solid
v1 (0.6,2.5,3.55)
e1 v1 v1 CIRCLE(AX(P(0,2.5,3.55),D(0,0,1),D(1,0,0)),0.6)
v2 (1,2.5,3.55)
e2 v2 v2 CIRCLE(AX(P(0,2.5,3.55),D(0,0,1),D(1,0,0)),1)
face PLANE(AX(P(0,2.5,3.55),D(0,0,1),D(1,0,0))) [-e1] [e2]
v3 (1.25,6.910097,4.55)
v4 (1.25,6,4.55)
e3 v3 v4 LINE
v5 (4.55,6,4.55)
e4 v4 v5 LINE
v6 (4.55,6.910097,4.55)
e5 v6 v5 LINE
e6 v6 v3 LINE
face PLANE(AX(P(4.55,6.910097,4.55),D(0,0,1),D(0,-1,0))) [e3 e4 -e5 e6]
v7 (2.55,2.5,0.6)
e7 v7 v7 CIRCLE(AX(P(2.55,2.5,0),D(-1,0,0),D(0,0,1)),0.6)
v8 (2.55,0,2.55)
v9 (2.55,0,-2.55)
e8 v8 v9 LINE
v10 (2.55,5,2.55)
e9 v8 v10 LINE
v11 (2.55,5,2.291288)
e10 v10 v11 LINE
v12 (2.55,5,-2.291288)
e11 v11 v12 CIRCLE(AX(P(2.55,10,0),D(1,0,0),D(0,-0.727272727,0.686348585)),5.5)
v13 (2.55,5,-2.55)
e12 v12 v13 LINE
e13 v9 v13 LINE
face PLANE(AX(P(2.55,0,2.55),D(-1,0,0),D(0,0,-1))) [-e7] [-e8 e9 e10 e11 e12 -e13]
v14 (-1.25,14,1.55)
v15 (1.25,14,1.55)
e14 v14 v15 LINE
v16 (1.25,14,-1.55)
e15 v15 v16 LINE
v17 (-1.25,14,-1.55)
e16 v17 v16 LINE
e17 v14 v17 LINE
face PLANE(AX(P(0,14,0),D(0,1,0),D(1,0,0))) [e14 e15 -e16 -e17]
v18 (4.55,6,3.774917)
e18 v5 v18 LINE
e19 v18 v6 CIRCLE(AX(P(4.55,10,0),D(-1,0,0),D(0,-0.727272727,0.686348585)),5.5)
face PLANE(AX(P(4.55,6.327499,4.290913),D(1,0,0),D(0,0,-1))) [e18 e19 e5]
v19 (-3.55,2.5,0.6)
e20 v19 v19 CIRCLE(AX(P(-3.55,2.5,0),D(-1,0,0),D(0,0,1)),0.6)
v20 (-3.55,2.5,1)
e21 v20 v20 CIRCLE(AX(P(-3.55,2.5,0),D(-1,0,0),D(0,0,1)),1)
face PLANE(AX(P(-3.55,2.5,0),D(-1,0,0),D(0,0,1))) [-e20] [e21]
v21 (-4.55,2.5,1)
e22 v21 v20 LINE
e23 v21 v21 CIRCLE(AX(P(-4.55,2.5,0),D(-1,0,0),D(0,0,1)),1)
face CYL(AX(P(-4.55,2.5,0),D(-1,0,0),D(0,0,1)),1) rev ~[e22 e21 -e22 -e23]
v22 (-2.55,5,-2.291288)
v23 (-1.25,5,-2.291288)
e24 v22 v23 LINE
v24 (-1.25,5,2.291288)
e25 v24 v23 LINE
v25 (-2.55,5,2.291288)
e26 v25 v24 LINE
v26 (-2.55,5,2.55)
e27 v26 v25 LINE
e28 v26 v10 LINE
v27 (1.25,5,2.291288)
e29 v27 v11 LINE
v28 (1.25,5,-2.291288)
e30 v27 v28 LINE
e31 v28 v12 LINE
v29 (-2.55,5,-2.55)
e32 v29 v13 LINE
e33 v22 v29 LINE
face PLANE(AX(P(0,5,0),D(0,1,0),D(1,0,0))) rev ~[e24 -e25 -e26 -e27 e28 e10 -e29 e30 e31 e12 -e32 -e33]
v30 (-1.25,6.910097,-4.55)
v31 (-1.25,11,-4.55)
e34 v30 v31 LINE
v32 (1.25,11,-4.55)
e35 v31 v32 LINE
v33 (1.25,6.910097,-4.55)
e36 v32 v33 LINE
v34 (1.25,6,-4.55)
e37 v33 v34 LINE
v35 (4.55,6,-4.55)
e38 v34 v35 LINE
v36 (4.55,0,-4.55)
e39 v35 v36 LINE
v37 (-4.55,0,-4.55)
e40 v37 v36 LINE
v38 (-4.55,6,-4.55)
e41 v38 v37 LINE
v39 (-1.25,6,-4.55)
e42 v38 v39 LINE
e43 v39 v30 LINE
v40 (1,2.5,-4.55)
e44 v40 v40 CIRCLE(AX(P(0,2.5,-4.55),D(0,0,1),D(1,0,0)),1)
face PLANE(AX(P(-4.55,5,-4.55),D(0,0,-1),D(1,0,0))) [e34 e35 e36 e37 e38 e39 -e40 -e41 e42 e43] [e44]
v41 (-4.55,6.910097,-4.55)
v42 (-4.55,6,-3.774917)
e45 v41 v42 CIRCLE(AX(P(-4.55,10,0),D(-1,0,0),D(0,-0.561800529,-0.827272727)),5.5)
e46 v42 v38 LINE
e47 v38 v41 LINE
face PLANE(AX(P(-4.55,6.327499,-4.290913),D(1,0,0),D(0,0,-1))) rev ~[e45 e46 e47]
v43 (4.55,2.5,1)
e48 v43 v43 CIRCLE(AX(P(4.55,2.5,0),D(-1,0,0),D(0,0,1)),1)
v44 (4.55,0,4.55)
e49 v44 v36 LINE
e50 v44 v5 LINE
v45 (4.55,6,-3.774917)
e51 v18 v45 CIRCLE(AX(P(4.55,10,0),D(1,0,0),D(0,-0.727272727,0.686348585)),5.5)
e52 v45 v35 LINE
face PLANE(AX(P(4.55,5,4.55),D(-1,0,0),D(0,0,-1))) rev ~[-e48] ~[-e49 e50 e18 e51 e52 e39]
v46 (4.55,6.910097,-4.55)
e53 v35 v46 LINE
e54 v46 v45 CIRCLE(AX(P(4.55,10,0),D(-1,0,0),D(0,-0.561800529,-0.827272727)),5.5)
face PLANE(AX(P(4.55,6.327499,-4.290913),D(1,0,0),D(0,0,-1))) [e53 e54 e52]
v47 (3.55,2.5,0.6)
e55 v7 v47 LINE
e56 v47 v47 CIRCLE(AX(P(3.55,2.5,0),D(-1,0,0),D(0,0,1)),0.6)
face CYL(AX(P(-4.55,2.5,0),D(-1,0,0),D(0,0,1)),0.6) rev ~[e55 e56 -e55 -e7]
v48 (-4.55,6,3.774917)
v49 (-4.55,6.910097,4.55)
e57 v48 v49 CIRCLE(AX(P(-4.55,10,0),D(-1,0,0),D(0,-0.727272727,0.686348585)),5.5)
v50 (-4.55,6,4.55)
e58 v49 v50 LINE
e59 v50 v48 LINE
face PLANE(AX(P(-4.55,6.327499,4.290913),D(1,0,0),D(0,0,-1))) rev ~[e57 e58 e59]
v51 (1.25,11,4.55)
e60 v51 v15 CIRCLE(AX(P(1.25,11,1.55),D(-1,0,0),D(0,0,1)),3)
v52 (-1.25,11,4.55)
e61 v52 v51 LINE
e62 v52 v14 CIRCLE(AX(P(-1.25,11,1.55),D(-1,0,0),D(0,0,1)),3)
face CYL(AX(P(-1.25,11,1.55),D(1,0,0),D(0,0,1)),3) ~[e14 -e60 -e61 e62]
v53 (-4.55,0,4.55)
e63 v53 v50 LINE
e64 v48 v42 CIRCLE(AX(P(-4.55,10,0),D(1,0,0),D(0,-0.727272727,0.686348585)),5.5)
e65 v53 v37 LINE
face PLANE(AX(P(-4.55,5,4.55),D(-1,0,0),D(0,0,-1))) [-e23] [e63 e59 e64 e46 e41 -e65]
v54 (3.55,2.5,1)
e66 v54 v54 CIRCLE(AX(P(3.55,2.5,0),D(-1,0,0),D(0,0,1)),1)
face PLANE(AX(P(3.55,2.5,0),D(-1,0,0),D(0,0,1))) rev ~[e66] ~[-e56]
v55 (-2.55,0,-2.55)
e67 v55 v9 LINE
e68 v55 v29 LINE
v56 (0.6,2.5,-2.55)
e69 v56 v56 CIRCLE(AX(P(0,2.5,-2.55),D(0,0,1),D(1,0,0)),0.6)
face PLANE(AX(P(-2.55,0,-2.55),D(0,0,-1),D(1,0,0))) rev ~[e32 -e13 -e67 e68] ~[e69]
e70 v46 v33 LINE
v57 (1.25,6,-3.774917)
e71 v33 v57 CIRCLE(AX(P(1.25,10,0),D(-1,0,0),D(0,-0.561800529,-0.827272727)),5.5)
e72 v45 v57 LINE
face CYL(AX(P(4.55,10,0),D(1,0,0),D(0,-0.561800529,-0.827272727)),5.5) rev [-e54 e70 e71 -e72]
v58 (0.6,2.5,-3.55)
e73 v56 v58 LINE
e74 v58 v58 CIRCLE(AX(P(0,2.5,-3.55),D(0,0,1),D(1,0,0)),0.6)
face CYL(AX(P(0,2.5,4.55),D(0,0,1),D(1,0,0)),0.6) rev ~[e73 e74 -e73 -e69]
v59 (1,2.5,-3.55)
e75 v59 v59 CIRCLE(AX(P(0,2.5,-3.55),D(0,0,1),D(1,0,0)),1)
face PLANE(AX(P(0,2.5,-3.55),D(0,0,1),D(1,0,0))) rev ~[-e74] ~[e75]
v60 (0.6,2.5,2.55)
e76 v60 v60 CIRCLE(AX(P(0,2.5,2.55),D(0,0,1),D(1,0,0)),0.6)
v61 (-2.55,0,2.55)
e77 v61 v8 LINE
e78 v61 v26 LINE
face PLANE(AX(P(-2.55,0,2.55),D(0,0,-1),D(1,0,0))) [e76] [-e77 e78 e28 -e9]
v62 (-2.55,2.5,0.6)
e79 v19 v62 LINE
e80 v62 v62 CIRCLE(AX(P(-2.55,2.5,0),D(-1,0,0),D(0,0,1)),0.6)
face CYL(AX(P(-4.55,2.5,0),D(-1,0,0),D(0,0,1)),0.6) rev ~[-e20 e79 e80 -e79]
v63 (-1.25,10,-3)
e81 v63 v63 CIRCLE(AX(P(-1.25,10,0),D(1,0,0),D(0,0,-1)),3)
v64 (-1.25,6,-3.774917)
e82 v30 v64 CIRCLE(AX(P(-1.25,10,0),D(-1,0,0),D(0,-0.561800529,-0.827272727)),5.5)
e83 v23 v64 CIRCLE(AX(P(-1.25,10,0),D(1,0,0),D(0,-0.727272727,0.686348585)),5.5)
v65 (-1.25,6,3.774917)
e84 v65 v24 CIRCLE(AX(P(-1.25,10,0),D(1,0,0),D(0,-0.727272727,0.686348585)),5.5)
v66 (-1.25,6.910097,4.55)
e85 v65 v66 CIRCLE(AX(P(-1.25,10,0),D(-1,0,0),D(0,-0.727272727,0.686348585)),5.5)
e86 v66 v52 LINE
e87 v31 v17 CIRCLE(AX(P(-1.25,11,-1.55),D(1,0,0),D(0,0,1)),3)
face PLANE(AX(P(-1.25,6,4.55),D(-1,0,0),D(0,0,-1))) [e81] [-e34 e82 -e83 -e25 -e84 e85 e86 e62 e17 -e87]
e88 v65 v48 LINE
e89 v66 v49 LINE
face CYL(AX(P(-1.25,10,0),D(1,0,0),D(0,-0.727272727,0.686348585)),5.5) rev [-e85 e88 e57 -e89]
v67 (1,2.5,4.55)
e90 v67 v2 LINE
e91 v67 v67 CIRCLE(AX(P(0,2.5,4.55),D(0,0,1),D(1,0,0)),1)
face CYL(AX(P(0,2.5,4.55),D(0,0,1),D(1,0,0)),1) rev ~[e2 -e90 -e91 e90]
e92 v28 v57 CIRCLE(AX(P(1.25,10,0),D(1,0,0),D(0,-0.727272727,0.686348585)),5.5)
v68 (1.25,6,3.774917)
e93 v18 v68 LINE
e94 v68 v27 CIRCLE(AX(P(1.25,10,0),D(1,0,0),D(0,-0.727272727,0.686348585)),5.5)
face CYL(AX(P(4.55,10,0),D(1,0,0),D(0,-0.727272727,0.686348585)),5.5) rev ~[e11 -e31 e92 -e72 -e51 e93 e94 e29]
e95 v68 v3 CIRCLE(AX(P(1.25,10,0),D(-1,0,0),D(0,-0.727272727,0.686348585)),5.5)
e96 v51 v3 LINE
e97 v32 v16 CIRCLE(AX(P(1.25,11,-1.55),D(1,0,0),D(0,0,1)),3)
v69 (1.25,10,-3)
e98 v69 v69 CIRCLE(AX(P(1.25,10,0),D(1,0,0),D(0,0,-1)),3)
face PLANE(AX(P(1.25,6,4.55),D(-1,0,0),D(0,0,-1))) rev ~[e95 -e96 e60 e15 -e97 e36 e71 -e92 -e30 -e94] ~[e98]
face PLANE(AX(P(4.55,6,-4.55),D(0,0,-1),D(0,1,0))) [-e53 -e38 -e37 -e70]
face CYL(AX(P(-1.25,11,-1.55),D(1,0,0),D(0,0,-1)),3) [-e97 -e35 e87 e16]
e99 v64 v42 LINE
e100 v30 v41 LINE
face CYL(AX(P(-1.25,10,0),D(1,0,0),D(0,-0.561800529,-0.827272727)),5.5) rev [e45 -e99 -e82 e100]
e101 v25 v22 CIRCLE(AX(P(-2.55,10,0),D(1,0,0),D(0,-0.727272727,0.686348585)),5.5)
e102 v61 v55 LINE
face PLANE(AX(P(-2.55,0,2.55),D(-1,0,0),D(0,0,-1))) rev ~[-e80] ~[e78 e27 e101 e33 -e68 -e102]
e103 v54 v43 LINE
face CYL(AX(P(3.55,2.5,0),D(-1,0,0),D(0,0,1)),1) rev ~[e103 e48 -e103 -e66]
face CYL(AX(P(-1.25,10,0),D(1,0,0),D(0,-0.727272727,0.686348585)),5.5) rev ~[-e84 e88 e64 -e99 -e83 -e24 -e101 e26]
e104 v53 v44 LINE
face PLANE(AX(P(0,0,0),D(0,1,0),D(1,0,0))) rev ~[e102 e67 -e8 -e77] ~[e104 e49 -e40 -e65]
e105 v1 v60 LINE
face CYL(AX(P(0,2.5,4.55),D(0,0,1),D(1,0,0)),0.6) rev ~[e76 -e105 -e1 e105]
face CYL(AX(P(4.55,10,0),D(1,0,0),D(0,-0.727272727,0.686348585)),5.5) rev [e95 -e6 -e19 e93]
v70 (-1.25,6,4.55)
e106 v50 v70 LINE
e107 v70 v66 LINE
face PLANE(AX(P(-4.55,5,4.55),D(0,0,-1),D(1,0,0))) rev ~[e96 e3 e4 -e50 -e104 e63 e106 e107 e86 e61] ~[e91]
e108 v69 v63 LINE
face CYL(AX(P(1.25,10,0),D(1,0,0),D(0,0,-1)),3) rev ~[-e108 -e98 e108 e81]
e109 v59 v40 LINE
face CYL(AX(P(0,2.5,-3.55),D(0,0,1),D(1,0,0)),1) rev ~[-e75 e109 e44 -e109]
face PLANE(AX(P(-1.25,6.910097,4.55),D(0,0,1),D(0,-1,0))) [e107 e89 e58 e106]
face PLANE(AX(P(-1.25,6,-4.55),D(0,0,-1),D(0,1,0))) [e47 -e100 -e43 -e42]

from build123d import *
from build123d.topology import SkipClean

# Parameters (mm, degrees)
SKETCH_1_W           = 9.1
SKETCH_1_H           = 9.1
SKETCH_1_W_2         = 5.1
SKETCH_1_H_2         = 5.1
EXTRUDE_1_DEPTH      = 5
SKETCH_2_R           = 0.6
CUT_EXTRUDE_1_DEPTH  = 12.336335387
SKETCH_2_3_R         = 1
CUT_EXTRUDE_2_DEPTH  = 1
CUT_EXTRUDE_START    = -8.1
SKETCH_2_4_R         = 1
CUT_EXTRUDE_3_DEPTH  = 1
SKETCH_3_R           = 0.6
CUT_EXTRUDE_4_DEPTH  = 12.336335387
SKETCH_3_3_R         = 1
CUT_EXTRUDE_5_DEPTH  = 1
SKETCH_3_4_R         = 1
CUT_EXTRUDE_6_DEPTH  = 1
SKETCH_5_W           = 9.1
SKETCH_5_H           = 9.1
EXTRUDE_2_DEPTH      = 1
EXTRUDE_START        = 1
SKETCH_5_4_W         = 2.5
SKETCH_5_4_H         = 9.1
EXTRUDE_3_DEPTH      = 8
SKETCH_6_R           = 3
CUT_EXTRUDE_7_DEPTH  = 16.822215395
FILLET_1_R           = 3
CUT_EXTRUDE_11_REACH = 19.306
CUT_EXTRUDE_START_2  = -5.8
CUT_EXTRUDE_12_DEPTH = 3.3
EXTRUDE_4_DEPTH      = 3.3
EXTRUDE_START_2      = -5.8
EXTRUDE_5_DEPTH      = 3.3


with BuildPart() as part:
    # 草图1 → 凸台-拉伸1 (new body)
    with BuildSketch(Plane(origin=(0, 0, 0), x_dir=(1, 0, 0), z_dir=(0, 1, 0))):
        Rectangle(SKETCH_1_W, SKETCH_1_H)
        Rectangle(SKETCH_1_W_2, SKETCH_1_H_2, mode=Mode.SUBTRACT)
    extrude(amount=EXTRUDE_1_DEPTH)

    # 草图2 → 切除-拉伸1 (cut, through all)
    with BuildSketch(Plane.XY.offset(4.55)):
        with Locations((0, 2.5)):
            Circle(SKETCH_2_R)
    extrude(amount=-CUT_EXTRUDE_1_DEPTH, mode=Mode.SUBTRACT)

    # 草图2<3> → 切除-拉伸2 (cut)
    with BuildSketch(Plane.XY.offset(4.55)):
        with Locations((0, 2.5)):
            Circle(SKETCH_2_3_R)
    extrude(amount=-CUT_EXTRUDE_2_DEPTH, mode=Mode.SUBTRACT)

    # 草图2<4> → 切除-拉伸3 (cut)
    with BuildSketch(Plane.XY.offset(4.55).offset(CUT_EXTRUDE_START)):
        with Locations((0, 2.5)):
            Circle(SKETCH_2_4_R)
    extrude(amount=-CUT_EXTRUDE_3_DEPTH, mode=Mode.SUBTRACT)

    # 草图3 → 切除-拉伸4 (cut, through all)
    with BuildSketch(Plane.ZY.offset(4.55)):
        with Locations((0, 2.5)):
            Circle(SKETCH_3_R)
    extrude(amount=-CUT_EXTRUDE_4_DEPTH, mode=Mode.SUBTRACT)

    # 草图3<3> → 切除-拉伸5 (cut)
    with BuildSketch(Plane.ZY.offset(4.55)):
        with Locations((0, 2.5)):
            Circle(SKETCH_3_3_R)
    extrude(amount=-CUT_EXTRUDE_5_DEPTH, mode=Mode.SUBTRACT)

    # 草图3<4> → 切除-拉伸6 (cut)
    with BuildSketch(Plane.ZY.offset(4.55).offset(CUT_EXTRUDE_START)):
        with Locations((0, 2.5)):
            Circle(SKETCH_3_4_R)
    extrude(amount=-CUT_EXTRUDE_6_DEPTH, mode=Mode.SUBTRACT)

    # 草图5 → 凸台-拉伸2 (add)
    with BuildSketch(Plane(origin=(0, 5, 0), x_dir=(1, 0, 0), z_dir=(0, 1, 0))):
        Rectangle(SKETCH_5_W, SKETCH_5_H)
    extrude(amount=EXTRUDE_2_DEPTH)

    # 草图5<4> → 凸台-拉伸3 (add)
    with BuildSketch(Plane(origin=(0, 5, 0), x_dir=(1, 0, 0), z_dir=(0, 1, 0)).offset(EXTRUDE_START)):
        Rectangle(SKETCH_5_4_W, SKETCH_5_4_H)
    extrude(amount=EXTRUDE_3_DEPTH)

    # 草图6 → 切除-拉伸7 (cut, through all)
    with BuildSketch(Plane(origin=(1.25, 0, 0), x_dir=(0, 0, -1), z_dir=(1, 0, 0))):
        with Locations((0, 10)):
            Circle(SKETCH_6_R)
    extrude(amount=-CUT_EXTRUDE_7_DEPTH, mode=Mode.SUBTRACT)

    # 圆角1
    fillet_1_edges = [part.edges().sort_by_distance(p)[0] for p in [
        (0, 14, 4.55),
        (0, 14, -4.55),
    ]]
    fillet(fillet_1_edges, radius=FILLET_1_R)

    # 切除-拉伸11: up to this face of the body (flat: up to its plane)
    cut_extrude_11_end = Plane(part.part.faces().sort_by_distance((1.25, 8.5, 4.428834823))[0])
    # 草图7 → 切除-拉伸11 (cut, up to the picked face)
    with BuildSketch(Plane(origin=(4.55, 0, 0), x_dir=(0, 0, -1), z_dir=(1, 0, 0)), mode=Mode.PRIVATE) as cut_extrude_11_sk1:
        with BuildLine():
            ThreePointArc((5.5, 10), (-1.616322988, 15.257138005), (-4.55, 6.910097089))
            ThreePointArc((-4.55, 6.910097089), (-4.187258154, 6.43392805), (-3.774917218, 6))
            Line((-3.774917218, 6), (3.774917218, 6))
            ThreePointArc((3.774917218, 6), (4.187258154, 6.43392805), (4.55, 6.910097089))
            ThreePointArc((4.55, 6.910097089), (5.257138005, 8.383677012), (5.5, 10))
        make_face()
    cut_extrude_11_tool1 = split(extrude(cut_extrude_11_sk1.sketch, amount=-CUT_EXTRUDE_11_REACH, mode=Mode.PRIVATE), bisect_by=cut_extrude_11_end, keep=Keep.BOTH, mode=Mode.PRIVATE)
    # 草图7 → 切除-拉伸11 (cut, up to the picked face)
    with BuildSketch(Plane(origin=(4.55, 0, 0), x_dir=(0, 0, -1), z_dir=(1, 0, 0)), mode=Mode.PRIVATE) as cut_extrude_11_sk2:
        with BuildLine():
            Line((3.774917218, 6), (-3.774917218, 6))
            ThreePointArc((-3.774917218, 6), (0, 4.5), (3.774917218, 6))
        make_face()
    cut_extrude_11_tool2 = split(extrude(cut_extrude_11_sk2.sketch, amount=-CUT_EXTRUDE_11_REACH, mode=Mode.PRIVATE), bisect_by=cut_extrude_11_end, keep=Keep.BOTH, mode=Mode.PRIVATE)
    add(cut_extrude_11_tool1.solids().sort_by(Axis((4.55, 10.411022, 0), (-1, 0, 0)))[0], mode=Mode.SUBTRACT)
    add(cut_extrude_11_tool2.solids().sort_by(Axis((4.55, 5.392383, 0), (-1, 0, 0)))[0], mode=Mode.SUBTRACT)

    # 草图7<2> → 切除-拉伸12 (cut)
    with BuildSketch(Plane(origin=(4.55, 0, 0), x_dir=(0, 0, -1), z_dir=(1, 0, 0)).offset(CUT_EXTRUDE_START_2)):
        with BuildLine():
            ThreePointArc((5.5, 10), (-1.616322988, 15.257138005), (-4.55, 6.910097089))
            ThreePointArc((-4.55, 6.910097089), (-4.187258154, 6.43392805), (-3.774917218, 6))
            Line((-3.774917218, 6), (3.774917218, 6))
            ThreePointArc((3.774917218, 6), (4.187258154, 6.43392805), (4.55, 6.910097089))
            ThreePointArc((4.55, 6.910097089), (5.257138005, 8.383677012), (5.5, 10))
        make_face()
        with BuildLine():
            Line((3.774917218, 6), (-3.774917218, 6))
            ThreePointArc((-3.774917218, 6), (0, 4.5), (3.774917218, 6))
        make_face()
    extrude(amount=-CUT_EXTRUDE_12_DEPTH, mode=Mode.SUBTRACT)

    # 草图7<5> → 凸台-拉伸4 (add)
    with SkipClean():  # the faces are left unmerged after this step: merging them gives an invalid solid
        with BuildSketch(Plane(origin=(4.55, 0, 0), x_dir=(0, 0, -1), z_dir=(1, 0, 0))):
            with BuildLine():
                ThreePointArc((-3.774917218, 6), (-4.187258154, 6.43392805), (-4.55, 6.910097089))
                Line((-4.55, 6.910097089), (-4.55, 6))
                Line((-4.55, 6), (-3.774917218, 6))
            make_face()
            with BuildLine():
                Line((4.55, 6), (4.55, 6.910097089))
                ThreePointArc((4.55, 6.910097089), (4.187258154, 6.43392805), (3.774917218, 6))
                Line((3.774917218, 6), (4.55, 6))
            make_face()
        extrude(amount=-EXTRUDE_4_DEPTH)

    # 草图7<6> → 凸台-拉伸5 (add)
    with SkipClean():  # the faces are left unmerged after this step: merging them gives an invalid solid
        with BuildSketch(Plane(origin=(4.55, 0, 0), x_dir=(0, 0, -1), z_dir=(1, 0, 0)).offset(EXTRUDE_START_2)):
            with BuildLine():
                ThreePointArc((-3.774917218, 6), (-4.187258154, 6.43392805), (-4.55, 6.910097089))
                Line((-4.55, 6.910097089), (-4.55, 6))
                Line((-4.55, 6), (-3.774917218, 6))
            make_face()
            with BuildLine():
                Line((4.55, 6), (4.55, 6.910097089))
                ThreePointArc((4.55, 6.910097089), (4.187258154, 6.43392805), (3.774917218, 6))
                Line((3.774917218, 6), (4.55, 6))
            make_face()
        extrude(amount=-EXTRUDE_5_DEPTH)


solid = part.part
